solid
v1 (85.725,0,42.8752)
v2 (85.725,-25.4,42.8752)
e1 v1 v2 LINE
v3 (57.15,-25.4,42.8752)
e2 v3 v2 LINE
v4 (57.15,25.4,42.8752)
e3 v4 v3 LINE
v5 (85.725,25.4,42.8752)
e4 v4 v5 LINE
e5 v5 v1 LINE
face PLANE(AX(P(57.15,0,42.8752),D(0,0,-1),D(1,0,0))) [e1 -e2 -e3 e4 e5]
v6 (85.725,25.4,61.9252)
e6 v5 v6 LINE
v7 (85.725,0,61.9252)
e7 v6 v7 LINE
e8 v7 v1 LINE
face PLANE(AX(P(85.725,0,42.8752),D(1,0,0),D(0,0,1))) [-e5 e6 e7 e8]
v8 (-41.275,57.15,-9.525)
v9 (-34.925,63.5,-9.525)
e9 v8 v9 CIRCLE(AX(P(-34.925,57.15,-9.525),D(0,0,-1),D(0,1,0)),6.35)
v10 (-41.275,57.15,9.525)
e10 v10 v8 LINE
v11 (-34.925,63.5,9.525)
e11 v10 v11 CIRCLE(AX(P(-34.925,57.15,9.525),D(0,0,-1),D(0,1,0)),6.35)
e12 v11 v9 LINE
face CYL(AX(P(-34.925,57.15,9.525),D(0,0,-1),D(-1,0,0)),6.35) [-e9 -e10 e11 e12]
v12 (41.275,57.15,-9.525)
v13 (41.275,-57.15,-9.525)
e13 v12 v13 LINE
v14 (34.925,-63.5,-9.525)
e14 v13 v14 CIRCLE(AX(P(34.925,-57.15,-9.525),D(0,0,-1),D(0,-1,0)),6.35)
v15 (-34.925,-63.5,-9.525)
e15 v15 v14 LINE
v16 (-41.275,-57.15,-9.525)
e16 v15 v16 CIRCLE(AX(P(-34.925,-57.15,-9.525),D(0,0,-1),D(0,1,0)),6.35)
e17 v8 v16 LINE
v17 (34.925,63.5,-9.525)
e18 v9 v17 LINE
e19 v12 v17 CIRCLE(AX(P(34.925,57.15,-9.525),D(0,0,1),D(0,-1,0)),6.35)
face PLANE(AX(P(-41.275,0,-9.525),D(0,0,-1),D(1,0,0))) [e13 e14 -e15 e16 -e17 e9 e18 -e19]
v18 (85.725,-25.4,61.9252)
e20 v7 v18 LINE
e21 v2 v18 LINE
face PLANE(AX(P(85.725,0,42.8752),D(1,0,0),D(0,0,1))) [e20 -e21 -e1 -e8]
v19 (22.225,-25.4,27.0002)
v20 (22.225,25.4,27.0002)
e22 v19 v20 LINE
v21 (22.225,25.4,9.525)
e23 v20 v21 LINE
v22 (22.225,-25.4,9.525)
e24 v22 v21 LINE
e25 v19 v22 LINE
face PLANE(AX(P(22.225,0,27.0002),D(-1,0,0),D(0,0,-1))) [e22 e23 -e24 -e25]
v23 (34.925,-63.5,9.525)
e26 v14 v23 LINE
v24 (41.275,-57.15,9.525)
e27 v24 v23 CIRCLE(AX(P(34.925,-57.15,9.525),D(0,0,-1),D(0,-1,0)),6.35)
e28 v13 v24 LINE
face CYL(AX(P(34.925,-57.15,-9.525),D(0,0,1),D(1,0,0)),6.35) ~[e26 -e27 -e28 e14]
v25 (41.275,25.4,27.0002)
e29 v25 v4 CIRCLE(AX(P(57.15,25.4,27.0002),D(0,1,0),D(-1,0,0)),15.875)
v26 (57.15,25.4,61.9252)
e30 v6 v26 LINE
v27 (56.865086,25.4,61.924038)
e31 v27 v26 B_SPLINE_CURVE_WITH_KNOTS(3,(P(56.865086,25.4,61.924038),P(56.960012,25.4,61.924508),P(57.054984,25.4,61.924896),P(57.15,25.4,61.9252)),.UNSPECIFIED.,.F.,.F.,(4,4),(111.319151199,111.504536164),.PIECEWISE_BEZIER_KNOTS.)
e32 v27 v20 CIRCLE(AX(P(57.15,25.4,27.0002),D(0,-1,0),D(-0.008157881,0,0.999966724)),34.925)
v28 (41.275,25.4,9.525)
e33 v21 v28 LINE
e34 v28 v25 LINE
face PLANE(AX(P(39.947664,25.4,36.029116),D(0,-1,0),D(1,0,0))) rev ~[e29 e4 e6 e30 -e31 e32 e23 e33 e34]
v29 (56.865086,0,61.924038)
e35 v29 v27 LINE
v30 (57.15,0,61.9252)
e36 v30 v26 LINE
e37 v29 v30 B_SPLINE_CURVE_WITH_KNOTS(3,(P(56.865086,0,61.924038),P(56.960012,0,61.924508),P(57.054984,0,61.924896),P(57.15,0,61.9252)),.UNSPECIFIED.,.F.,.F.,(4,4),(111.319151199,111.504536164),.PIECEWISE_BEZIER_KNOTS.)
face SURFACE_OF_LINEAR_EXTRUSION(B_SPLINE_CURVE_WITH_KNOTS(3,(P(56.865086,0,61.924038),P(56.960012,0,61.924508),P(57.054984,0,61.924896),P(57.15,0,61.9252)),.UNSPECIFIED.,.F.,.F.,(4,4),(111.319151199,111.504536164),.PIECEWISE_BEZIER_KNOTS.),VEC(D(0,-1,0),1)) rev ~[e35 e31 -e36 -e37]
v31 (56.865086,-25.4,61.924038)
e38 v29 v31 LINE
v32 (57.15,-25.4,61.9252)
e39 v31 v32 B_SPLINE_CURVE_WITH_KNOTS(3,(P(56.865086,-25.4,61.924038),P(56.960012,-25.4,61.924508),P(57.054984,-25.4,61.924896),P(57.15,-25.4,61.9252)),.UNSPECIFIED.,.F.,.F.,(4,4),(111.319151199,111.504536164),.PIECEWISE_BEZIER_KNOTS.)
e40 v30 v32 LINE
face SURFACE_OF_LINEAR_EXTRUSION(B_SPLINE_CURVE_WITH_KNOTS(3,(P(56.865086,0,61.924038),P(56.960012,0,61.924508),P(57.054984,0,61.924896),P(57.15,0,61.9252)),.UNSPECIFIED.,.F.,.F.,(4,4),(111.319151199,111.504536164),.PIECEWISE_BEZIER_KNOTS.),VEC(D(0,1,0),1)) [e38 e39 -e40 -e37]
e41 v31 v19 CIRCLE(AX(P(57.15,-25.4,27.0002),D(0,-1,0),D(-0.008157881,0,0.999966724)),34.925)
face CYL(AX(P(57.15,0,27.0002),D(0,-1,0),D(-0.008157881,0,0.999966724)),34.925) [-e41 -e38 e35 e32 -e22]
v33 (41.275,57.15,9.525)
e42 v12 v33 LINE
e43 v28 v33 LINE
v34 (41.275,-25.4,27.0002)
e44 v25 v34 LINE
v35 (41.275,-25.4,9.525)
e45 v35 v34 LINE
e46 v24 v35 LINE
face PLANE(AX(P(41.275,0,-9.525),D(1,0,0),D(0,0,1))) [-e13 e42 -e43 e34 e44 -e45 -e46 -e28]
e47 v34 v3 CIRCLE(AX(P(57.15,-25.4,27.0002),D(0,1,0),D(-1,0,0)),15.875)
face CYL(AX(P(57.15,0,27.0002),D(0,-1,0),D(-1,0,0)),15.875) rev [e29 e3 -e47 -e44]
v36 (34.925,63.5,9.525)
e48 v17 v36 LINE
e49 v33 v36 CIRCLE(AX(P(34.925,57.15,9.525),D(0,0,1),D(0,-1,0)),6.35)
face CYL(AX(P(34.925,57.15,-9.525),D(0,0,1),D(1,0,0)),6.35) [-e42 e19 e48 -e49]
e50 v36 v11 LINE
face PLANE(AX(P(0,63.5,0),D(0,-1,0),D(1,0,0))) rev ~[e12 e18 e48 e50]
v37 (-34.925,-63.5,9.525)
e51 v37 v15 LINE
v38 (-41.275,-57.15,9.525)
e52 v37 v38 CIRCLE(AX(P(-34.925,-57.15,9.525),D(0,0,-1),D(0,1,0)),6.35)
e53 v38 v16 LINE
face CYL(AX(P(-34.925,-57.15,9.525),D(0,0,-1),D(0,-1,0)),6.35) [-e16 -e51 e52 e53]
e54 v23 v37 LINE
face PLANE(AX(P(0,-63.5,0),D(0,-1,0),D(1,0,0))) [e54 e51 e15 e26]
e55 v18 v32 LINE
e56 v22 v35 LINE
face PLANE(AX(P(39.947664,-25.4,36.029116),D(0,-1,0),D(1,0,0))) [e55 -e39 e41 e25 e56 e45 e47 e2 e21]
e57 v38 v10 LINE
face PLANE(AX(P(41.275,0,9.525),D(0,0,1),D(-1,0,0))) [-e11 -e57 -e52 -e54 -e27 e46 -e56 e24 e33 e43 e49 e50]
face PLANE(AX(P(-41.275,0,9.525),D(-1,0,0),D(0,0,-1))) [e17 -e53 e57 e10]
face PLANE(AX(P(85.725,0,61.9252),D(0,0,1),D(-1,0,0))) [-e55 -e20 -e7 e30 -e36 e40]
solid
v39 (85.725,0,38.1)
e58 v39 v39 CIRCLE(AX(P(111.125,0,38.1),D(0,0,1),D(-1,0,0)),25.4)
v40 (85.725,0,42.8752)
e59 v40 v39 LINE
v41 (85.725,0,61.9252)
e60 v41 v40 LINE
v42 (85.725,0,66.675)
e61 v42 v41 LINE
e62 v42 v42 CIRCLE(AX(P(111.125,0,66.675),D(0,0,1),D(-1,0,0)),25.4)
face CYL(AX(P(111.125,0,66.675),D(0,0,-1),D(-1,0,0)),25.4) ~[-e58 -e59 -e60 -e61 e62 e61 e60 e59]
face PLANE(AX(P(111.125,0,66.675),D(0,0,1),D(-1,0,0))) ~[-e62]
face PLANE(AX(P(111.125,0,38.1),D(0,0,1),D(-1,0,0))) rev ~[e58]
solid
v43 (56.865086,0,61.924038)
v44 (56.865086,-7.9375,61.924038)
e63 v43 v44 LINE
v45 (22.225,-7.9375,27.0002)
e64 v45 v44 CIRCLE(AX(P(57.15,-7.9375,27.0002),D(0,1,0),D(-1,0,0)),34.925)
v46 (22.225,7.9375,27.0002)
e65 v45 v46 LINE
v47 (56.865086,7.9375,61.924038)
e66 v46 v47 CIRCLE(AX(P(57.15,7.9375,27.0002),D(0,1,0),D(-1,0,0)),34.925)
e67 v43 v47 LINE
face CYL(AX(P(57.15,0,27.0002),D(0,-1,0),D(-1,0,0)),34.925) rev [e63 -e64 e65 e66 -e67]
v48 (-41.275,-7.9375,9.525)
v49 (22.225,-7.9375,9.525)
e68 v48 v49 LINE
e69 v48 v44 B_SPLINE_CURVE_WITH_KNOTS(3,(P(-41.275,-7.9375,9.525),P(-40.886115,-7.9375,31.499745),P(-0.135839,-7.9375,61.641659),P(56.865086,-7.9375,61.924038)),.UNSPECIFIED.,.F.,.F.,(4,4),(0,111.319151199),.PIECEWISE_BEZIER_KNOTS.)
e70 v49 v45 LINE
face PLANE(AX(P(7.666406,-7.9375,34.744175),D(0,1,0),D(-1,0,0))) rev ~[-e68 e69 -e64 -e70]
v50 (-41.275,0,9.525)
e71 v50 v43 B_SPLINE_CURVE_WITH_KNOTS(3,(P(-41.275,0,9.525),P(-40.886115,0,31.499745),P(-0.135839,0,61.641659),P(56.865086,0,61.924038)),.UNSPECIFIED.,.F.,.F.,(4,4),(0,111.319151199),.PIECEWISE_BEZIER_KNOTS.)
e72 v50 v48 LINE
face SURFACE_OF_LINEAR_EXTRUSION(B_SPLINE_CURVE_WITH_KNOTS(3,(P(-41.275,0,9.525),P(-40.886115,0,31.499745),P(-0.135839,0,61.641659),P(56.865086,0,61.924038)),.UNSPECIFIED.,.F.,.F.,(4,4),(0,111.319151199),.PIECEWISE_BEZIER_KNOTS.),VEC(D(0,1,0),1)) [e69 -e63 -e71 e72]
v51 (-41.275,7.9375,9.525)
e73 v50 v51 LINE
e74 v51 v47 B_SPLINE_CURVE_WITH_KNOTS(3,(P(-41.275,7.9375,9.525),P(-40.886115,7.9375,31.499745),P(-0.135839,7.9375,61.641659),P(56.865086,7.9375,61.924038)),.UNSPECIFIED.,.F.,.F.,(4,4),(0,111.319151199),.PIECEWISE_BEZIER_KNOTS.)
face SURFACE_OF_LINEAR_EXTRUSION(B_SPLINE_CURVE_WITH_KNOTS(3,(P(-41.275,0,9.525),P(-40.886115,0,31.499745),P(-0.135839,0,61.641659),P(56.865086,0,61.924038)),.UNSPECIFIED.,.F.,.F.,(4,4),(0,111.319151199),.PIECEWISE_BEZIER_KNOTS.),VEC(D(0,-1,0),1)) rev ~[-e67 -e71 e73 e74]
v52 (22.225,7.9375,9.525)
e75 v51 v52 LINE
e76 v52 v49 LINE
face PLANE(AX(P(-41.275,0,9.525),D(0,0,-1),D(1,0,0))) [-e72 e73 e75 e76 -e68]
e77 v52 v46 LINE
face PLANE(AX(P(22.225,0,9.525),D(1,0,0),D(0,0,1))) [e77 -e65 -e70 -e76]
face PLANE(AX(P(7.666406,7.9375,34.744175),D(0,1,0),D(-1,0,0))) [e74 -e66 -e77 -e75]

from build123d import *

# Parameters (mm, degrees)
F1_DEPTH = 63.5
F0_W     = 25.4
F0_H     = 19.05
F2_DEPTH = 25.4
F3_DEPTH = 7.9375
F5_R     = 6.35


with BuildPart() as f1:
    # F0 (on Front) → F1 (new body, symmetric)
    with BuildSketch(Plane.XZ):
        Polygon((-41.275, 9.525), (-41.275, -9.525), (41.275, -9.525), (41.275, 9.525), (22.225, 9.525), align=None)
    extrude(amount=F1_DEPTH, both=True)

    # F0 (on Front) → F2 (join, symmetric)
    with BuildSketch(Plane.XZ):
        with BuildLine():
            Line((22.225, 9.525), (41.275, 9.525))
            Line((41.275, 9.525), (41.275, 27.0002))
            ThreePointArc((41.275, 27.0002), (45.9246798487, 38.2255201513), (57.15, 42.8752))
            Line((57.15, 42.8752), (60.325, 42.8752))
            Line((60.325, 42.8752), (60.325, 61.9252))
            Line((60.325, 61.9252), (57.15, 61.9252))
            add(Edge.make_bspline(
                [(56.8650860234, 61.9240378336), (56.9600123168, 61.9245080927), (57.0549836795, 61.9248955401), (57.15, 61.9252)],
                knots=[111.3191511986, 111.3191511986, 111.3191511986, 111.3191511986, 111.5045361635, 111.5045361635, 111.5045361635, 111.5045361635], degree=3))
            ThreePointArc((56.8650860234, 61.9240378336), (32.3537679714, 51.5949657477), (22.225, 27.0002))
            Line((22.225, 27.0002), (22.225, 9.525))
        make_face()
        with Locations((73.025, 52.4002)):
            Rectangle(F0_W, F0_H)
    extrude(amount=F2_DEPTH, both=True)

    # F0 (on Front) → F4 (revolve)
    with BuildSketch(Plane.XZ):
        Polygon((85.725, 66.675), (85.725, 61.9252), (85.725, 42.8752), (85.725, 38.1), (111.125, 38.1), (111.125, 66.675), align=None)
    revolve(axis=Axis((111.125, 0, 52.3875), (0, 0, 1)))

    # F5
    f5_edges = [f1.edges().sort_by_distance(p)[0] for p in [
        (41.275, -63.5, 0),
        (-41.275, -63.5, 0),
        (41.275, 63.5, 0),
        (-41.275, 63.5, 0),
    ]]
    fillet(f5_edges, radius=F5_R)


with BuildPart() as f3:
    # F0 (on Front) → F3 (new body, symmetric)
    with BuildSketch(Plane.XZ):
        with BuildLine():
            add(Edge.make_bspline(
                [(-41.275, 9.525), (-40.886114711, 31.4997451474), (-0.1358386013, 61.6416586733), (56.8650860234, 61.9240378336)],
                knots=[0, 0, 0, 0, 111.3191511986, 111.3191511986, 111.3191511986, 111.3191511986], degree=3))
            Line((-41.275, 9.525), (22.225, 9.525))
            Line((22.225, 9.525), (22.225, 27.0002))
            ThreePointArc((22.225, 27.0002), (32.3537679714, 51.5949657477), (56.8650860234, 61.9240378336))
        make_face()
    extrude(amount=F3_DEPTH, both=True)


solid = Compound([f1.part, f3.part])
